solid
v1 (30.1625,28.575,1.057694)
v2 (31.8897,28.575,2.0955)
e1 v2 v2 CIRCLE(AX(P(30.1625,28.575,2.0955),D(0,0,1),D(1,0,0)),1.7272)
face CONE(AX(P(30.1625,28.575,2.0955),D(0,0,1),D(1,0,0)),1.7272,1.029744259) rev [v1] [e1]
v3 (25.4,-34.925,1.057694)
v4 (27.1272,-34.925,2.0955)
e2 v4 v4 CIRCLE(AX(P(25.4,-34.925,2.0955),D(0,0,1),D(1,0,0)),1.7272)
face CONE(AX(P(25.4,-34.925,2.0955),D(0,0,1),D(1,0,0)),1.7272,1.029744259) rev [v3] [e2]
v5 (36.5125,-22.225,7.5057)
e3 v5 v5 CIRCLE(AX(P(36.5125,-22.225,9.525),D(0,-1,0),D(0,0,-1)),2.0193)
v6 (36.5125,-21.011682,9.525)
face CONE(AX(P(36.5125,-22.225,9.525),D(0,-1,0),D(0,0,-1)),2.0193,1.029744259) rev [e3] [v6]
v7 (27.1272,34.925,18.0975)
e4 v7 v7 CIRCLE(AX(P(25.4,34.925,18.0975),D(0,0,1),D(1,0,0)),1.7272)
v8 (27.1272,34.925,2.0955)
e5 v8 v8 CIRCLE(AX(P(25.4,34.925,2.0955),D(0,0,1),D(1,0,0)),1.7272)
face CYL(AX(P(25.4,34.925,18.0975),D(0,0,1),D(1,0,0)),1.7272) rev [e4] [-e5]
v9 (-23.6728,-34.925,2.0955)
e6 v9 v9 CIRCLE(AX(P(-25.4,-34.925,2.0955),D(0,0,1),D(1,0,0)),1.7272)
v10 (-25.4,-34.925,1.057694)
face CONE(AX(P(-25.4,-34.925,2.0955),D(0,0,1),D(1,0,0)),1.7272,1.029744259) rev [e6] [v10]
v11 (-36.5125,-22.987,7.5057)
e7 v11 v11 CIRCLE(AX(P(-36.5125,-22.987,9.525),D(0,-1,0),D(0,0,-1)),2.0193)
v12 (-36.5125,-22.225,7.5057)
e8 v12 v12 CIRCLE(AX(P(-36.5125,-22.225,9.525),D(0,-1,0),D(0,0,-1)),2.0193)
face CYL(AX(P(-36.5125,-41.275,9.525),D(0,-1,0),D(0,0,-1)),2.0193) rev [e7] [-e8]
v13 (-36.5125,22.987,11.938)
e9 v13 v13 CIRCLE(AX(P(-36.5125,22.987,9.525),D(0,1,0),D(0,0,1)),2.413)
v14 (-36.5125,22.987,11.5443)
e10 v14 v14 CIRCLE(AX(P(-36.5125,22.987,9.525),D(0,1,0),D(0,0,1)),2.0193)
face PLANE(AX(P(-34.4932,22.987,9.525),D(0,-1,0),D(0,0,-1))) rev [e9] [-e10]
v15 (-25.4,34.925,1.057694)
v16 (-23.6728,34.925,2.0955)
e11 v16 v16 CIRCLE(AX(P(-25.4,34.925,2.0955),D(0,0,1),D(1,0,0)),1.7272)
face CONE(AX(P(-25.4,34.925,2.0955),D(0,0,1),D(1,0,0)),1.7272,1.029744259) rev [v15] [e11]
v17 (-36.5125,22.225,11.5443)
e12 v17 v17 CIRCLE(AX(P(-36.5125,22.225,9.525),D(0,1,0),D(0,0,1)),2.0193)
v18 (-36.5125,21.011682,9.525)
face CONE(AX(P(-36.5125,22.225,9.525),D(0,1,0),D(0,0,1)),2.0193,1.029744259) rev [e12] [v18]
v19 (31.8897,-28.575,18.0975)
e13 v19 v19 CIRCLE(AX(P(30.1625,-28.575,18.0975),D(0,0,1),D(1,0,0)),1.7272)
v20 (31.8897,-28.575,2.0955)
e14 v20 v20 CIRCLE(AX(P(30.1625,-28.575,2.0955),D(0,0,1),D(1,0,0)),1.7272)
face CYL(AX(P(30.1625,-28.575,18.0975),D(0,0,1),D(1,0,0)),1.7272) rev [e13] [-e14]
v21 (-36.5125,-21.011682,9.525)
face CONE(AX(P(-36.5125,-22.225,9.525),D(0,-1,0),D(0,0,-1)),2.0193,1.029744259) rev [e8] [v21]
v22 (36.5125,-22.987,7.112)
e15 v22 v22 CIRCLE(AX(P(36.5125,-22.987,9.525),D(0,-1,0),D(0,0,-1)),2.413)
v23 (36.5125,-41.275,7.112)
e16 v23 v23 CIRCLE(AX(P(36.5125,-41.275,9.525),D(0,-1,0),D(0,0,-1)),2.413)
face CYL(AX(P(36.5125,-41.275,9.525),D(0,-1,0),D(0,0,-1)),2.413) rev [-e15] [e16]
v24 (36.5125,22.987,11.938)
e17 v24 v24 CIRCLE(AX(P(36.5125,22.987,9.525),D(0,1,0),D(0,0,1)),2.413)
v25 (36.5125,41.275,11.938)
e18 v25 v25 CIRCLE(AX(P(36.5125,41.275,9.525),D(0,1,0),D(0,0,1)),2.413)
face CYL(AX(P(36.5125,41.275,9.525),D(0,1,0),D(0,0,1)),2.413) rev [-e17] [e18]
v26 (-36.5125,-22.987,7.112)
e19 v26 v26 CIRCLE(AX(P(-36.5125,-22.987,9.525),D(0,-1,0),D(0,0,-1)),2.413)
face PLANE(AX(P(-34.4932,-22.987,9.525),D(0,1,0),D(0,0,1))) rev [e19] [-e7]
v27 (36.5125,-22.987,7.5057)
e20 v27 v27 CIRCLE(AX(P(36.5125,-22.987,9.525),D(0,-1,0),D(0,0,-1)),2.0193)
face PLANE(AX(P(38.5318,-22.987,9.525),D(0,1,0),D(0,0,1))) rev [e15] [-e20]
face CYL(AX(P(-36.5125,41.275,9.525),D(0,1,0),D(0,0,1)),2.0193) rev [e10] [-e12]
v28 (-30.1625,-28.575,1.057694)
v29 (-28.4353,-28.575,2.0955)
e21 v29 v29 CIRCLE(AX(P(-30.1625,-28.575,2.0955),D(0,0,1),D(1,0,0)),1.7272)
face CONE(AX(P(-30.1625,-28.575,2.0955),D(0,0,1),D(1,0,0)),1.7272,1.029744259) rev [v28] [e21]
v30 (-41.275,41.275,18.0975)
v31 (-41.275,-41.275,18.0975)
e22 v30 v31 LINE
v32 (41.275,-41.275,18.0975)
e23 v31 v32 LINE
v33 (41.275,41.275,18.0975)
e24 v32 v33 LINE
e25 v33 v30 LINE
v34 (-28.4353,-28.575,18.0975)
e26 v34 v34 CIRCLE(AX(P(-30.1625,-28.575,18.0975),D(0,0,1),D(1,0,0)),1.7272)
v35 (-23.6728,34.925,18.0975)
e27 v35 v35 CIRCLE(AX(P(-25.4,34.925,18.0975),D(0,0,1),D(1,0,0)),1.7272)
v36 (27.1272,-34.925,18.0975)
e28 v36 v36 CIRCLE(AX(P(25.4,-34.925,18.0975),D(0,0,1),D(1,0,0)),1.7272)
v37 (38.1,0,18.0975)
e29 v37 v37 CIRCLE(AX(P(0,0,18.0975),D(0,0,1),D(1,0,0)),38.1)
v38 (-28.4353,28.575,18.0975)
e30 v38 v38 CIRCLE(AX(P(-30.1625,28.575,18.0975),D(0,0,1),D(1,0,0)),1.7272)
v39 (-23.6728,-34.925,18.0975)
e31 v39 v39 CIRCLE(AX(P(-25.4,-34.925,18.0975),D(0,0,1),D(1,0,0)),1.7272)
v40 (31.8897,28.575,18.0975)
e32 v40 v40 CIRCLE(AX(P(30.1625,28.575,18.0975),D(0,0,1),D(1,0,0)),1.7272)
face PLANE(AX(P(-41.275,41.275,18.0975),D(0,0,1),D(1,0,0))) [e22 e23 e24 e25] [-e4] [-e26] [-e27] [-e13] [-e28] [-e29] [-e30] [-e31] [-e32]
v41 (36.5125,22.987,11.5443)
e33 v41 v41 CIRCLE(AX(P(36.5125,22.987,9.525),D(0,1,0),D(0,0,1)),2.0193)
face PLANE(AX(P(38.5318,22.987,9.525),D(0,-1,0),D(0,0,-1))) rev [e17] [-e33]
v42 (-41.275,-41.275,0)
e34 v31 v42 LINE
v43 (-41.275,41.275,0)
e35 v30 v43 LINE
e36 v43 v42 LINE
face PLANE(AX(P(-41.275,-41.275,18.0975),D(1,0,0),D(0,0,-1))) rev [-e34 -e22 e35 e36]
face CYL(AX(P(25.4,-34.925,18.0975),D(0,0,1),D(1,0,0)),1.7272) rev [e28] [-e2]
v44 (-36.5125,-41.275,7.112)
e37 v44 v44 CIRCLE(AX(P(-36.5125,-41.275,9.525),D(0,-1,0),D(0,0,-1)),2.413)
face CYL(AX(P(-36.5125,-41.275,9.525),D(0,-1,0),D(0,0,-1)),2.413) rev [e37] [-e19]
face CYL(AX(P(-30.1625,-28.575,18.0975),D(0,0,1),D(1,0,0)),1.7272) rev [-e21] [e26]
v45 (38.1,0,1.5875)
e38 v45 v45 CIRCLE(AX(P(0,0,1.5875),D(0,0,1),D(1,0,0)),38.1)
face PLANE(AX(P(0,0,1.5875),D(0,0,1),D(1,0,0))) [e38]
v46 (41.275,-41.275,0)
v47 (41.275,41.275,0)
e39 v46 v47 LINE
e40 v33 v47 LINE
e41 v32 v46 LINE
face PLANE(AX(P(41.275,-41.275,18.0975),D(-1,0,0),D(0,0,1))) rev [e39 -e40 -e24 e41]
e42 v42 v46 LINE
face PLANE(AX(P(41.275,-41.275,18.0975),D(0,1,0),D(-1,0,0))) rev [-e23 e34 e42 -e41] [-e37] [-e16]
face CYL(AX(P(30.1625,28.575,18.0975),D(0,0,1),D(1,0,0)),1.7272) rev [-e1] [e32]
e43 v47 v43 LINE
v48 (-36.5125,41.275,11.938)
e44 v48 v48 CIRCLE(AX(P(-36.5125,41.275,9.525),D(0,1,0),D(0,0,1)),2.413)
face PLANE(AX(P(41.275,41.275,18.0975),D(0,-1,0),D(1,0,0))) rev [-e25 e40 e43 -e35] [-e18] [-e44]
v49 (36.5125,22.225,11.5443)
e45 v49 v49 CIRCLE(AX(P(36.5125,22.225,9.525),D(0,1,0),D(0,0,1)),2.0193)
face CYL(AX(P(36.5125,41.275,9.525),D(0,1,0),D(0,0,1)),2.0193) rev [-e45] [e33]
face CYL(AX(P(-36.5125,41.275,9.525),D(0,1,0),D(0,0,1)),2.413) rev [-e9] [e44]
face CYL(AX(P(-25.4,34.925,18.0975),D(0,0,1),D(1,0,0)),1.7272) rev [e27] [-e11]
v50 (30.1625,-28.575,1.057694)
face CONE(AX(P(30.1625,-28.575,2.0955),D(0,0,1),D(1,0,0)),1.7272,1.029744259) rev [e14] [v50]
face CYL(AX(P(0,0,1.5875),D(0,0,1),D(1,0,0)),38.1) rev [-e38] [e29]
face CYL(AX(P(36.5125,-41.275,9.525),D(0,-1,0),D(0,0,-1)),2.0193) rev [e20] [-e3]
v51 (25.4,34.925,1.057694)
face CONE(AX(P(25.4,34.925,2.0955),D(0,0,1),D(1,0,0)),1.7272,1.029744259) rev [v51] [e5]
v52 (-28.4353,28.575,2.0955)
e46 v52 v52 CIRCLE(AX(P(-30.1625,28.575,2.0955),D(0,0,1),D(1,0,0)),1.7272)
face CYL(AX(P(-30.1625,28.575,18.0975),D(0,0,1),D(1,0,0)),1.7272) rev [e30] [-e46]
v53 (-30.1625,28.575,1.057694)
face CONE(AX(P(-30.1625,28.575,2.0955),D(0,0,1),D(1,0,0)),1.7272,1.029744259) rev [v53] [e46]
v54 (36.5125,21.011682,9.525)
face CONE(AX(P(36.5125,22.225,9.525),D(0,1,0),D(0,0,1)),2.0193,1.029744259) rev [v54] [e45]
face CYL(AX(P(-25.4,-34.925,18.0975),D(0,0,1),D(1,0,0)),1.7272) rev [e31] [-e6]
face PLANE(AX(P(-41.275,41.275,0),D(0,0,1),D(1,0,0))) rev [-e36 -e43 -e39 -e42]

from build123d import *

# Parameters (mm, degrees)
SKETCH1_W                       = 82.55
SKETCH1_H                       = 82.55
BOSS_EXTRUDE1_DEPTH             = 18.0975
SKETCH2_R                       = 38.1
CUT_EXTRUDE1_DEPTH              = 16.51
F_10_32_TAPPED_HOLE1_AT_2_COUNT = 2
F_10_32_TAPPED_HOLE1_AT_2_PITCH = 73.025
F_8_32_TAPPED_HOLE1_D           = 3.4544
F_8_32_TAPPED_HOLE1_DEPTH       = 16.002
F_8_32_TAPPED_HOLE1_TIP         = 1.037806461
F_8_32_TAPPED_HOLE2_D           = 3.4544
F_8_32_TAPPED_HOLE2_DEPTH       = 16.002
F_8_32_TAPPED_HOLE2_TIP         = 1.037806461


with BuildPart() as part:
    # Sketch1 → Boss-Extrude1 (new body)
    with BuildSketch(Plane.XY):
        Rectangle(SKETCH1_W, SKETCH1_H)
    extrude(amount=BOSS_EXTRUDE1_DEPTH)

    # Sketch2 → Cut-Extrude1 (cut)
    with BuildSketch(Plane.XY.offset(18.0975)):
        Circle(SKETCH2_R)
    extrude(amount=-CUT_EXTRUDE1_DEPTH, mode=Mode.SUBTRACT)

    # Sketch3 → #10-32 Tapped Hole1 (revolve, cut)
    with BuildSketch(Plane(origin=(-36.5125, 41.275, 9.525), x_dir=(0, 0, 1), z_dir=(1, 0, 0))):
        Polygon((0, 0), (0, 20.263317848), (2.0193, 19.05), (2.0193, 18.288), (2.413, 18.288), (2.413, 0), align=None)
    f_10_32_tapped_hole1 = revolve(axis=Axis((-36.5125, 47.625, 9.525), (0, -1, 0)), mode=Mode.SUBTRACT)

    # #10-32 Tapped Hole1 at 2: #10-32 Tapped Hole1 ×2
    with Locations(*[(i * F_10_32_TAPPED_HOLE1_AT_2_PITCH, 0, 0) for i in range(1, F_10_32_TAPPED_HOLE1_AT_2_COUNT)]):
        add(f_10_32_tapped_hole1, mode=Mode.SUBTRACT)

    # Mirror1: #10-32 Tapped Hole1 across plane
    add(f_10_32_tapped_hole1.mirror(Plane.ZX), mode=Mode.SUBTRACT)

    # Mirror1 copy 1 sketch → Mirror1 copy 1 (revolve, cut)
    with BuildSketch(Plane(origin=(36.5125, -41.275, 9.525), x_dir=(0, 0, 1), z_dir=(1, 0, 0))):
        Polygon((0, 0), (0, -20.263317848), (2.0193, -19.05), (2.0193, -18.288), (2.413, -18.288), (2.413, 0), align=None)
    revolve(axis=Axis((36.5125, -47.625, 9.525), (0, -1, 0)), mode=Mode.SUBTRACT)

    # #8-32 Tapped Hole1
    with Locations(Plane.XY.offset(18.0975)):
        with Locations((25.4, -34.925), (-25.4, -34.925), (-25.4, 34.925), (25.4, 34.925)):
            Hole(F_8_32_TAPPED_HOLE1_D / 2, depth=F_8_32_TAPPED_HOLE1_DEPTH)
            with Locations((0, 0, -(F_8_32_TAPPED_HOLE1_DEPTH + F_8_32_TAPPED_HOLE1_TIP / 2))):  # 118° drill point
                Cone(0, F_8_32_TAPPED_HOLE1_D / 2, F_8_32_TAPPED_HOLE1_TIP, mode=Mode.SUBTRACT)

    # #8-32 Tapped Hole2
    with Locations(Plane.XY.offset(18.0975)):
        with Locations((30.1625, -28.575), (-30.1625, 28.575), (-30.1625, -28.575), (30.1625, 28.575)):
            Hole(F_8_32_TAPPED_HOLE2_D / 2, depth=F_8_32_TAPPED_HOLE2_DEPTH)
            with Locations((0, 0, -(F_8_32_TAPPED_HOLE2_DEPTH + F_8_32_TAPPED_HOLE2_TIP / 2))):  # 118° drill point
                Cone(0, F_8_32_TAPPED_HOLE2_D / 2, F_8_32_TAPPED_HOLE2_TIP, mode=Mode.SUBTRACT)


solid = part.part
